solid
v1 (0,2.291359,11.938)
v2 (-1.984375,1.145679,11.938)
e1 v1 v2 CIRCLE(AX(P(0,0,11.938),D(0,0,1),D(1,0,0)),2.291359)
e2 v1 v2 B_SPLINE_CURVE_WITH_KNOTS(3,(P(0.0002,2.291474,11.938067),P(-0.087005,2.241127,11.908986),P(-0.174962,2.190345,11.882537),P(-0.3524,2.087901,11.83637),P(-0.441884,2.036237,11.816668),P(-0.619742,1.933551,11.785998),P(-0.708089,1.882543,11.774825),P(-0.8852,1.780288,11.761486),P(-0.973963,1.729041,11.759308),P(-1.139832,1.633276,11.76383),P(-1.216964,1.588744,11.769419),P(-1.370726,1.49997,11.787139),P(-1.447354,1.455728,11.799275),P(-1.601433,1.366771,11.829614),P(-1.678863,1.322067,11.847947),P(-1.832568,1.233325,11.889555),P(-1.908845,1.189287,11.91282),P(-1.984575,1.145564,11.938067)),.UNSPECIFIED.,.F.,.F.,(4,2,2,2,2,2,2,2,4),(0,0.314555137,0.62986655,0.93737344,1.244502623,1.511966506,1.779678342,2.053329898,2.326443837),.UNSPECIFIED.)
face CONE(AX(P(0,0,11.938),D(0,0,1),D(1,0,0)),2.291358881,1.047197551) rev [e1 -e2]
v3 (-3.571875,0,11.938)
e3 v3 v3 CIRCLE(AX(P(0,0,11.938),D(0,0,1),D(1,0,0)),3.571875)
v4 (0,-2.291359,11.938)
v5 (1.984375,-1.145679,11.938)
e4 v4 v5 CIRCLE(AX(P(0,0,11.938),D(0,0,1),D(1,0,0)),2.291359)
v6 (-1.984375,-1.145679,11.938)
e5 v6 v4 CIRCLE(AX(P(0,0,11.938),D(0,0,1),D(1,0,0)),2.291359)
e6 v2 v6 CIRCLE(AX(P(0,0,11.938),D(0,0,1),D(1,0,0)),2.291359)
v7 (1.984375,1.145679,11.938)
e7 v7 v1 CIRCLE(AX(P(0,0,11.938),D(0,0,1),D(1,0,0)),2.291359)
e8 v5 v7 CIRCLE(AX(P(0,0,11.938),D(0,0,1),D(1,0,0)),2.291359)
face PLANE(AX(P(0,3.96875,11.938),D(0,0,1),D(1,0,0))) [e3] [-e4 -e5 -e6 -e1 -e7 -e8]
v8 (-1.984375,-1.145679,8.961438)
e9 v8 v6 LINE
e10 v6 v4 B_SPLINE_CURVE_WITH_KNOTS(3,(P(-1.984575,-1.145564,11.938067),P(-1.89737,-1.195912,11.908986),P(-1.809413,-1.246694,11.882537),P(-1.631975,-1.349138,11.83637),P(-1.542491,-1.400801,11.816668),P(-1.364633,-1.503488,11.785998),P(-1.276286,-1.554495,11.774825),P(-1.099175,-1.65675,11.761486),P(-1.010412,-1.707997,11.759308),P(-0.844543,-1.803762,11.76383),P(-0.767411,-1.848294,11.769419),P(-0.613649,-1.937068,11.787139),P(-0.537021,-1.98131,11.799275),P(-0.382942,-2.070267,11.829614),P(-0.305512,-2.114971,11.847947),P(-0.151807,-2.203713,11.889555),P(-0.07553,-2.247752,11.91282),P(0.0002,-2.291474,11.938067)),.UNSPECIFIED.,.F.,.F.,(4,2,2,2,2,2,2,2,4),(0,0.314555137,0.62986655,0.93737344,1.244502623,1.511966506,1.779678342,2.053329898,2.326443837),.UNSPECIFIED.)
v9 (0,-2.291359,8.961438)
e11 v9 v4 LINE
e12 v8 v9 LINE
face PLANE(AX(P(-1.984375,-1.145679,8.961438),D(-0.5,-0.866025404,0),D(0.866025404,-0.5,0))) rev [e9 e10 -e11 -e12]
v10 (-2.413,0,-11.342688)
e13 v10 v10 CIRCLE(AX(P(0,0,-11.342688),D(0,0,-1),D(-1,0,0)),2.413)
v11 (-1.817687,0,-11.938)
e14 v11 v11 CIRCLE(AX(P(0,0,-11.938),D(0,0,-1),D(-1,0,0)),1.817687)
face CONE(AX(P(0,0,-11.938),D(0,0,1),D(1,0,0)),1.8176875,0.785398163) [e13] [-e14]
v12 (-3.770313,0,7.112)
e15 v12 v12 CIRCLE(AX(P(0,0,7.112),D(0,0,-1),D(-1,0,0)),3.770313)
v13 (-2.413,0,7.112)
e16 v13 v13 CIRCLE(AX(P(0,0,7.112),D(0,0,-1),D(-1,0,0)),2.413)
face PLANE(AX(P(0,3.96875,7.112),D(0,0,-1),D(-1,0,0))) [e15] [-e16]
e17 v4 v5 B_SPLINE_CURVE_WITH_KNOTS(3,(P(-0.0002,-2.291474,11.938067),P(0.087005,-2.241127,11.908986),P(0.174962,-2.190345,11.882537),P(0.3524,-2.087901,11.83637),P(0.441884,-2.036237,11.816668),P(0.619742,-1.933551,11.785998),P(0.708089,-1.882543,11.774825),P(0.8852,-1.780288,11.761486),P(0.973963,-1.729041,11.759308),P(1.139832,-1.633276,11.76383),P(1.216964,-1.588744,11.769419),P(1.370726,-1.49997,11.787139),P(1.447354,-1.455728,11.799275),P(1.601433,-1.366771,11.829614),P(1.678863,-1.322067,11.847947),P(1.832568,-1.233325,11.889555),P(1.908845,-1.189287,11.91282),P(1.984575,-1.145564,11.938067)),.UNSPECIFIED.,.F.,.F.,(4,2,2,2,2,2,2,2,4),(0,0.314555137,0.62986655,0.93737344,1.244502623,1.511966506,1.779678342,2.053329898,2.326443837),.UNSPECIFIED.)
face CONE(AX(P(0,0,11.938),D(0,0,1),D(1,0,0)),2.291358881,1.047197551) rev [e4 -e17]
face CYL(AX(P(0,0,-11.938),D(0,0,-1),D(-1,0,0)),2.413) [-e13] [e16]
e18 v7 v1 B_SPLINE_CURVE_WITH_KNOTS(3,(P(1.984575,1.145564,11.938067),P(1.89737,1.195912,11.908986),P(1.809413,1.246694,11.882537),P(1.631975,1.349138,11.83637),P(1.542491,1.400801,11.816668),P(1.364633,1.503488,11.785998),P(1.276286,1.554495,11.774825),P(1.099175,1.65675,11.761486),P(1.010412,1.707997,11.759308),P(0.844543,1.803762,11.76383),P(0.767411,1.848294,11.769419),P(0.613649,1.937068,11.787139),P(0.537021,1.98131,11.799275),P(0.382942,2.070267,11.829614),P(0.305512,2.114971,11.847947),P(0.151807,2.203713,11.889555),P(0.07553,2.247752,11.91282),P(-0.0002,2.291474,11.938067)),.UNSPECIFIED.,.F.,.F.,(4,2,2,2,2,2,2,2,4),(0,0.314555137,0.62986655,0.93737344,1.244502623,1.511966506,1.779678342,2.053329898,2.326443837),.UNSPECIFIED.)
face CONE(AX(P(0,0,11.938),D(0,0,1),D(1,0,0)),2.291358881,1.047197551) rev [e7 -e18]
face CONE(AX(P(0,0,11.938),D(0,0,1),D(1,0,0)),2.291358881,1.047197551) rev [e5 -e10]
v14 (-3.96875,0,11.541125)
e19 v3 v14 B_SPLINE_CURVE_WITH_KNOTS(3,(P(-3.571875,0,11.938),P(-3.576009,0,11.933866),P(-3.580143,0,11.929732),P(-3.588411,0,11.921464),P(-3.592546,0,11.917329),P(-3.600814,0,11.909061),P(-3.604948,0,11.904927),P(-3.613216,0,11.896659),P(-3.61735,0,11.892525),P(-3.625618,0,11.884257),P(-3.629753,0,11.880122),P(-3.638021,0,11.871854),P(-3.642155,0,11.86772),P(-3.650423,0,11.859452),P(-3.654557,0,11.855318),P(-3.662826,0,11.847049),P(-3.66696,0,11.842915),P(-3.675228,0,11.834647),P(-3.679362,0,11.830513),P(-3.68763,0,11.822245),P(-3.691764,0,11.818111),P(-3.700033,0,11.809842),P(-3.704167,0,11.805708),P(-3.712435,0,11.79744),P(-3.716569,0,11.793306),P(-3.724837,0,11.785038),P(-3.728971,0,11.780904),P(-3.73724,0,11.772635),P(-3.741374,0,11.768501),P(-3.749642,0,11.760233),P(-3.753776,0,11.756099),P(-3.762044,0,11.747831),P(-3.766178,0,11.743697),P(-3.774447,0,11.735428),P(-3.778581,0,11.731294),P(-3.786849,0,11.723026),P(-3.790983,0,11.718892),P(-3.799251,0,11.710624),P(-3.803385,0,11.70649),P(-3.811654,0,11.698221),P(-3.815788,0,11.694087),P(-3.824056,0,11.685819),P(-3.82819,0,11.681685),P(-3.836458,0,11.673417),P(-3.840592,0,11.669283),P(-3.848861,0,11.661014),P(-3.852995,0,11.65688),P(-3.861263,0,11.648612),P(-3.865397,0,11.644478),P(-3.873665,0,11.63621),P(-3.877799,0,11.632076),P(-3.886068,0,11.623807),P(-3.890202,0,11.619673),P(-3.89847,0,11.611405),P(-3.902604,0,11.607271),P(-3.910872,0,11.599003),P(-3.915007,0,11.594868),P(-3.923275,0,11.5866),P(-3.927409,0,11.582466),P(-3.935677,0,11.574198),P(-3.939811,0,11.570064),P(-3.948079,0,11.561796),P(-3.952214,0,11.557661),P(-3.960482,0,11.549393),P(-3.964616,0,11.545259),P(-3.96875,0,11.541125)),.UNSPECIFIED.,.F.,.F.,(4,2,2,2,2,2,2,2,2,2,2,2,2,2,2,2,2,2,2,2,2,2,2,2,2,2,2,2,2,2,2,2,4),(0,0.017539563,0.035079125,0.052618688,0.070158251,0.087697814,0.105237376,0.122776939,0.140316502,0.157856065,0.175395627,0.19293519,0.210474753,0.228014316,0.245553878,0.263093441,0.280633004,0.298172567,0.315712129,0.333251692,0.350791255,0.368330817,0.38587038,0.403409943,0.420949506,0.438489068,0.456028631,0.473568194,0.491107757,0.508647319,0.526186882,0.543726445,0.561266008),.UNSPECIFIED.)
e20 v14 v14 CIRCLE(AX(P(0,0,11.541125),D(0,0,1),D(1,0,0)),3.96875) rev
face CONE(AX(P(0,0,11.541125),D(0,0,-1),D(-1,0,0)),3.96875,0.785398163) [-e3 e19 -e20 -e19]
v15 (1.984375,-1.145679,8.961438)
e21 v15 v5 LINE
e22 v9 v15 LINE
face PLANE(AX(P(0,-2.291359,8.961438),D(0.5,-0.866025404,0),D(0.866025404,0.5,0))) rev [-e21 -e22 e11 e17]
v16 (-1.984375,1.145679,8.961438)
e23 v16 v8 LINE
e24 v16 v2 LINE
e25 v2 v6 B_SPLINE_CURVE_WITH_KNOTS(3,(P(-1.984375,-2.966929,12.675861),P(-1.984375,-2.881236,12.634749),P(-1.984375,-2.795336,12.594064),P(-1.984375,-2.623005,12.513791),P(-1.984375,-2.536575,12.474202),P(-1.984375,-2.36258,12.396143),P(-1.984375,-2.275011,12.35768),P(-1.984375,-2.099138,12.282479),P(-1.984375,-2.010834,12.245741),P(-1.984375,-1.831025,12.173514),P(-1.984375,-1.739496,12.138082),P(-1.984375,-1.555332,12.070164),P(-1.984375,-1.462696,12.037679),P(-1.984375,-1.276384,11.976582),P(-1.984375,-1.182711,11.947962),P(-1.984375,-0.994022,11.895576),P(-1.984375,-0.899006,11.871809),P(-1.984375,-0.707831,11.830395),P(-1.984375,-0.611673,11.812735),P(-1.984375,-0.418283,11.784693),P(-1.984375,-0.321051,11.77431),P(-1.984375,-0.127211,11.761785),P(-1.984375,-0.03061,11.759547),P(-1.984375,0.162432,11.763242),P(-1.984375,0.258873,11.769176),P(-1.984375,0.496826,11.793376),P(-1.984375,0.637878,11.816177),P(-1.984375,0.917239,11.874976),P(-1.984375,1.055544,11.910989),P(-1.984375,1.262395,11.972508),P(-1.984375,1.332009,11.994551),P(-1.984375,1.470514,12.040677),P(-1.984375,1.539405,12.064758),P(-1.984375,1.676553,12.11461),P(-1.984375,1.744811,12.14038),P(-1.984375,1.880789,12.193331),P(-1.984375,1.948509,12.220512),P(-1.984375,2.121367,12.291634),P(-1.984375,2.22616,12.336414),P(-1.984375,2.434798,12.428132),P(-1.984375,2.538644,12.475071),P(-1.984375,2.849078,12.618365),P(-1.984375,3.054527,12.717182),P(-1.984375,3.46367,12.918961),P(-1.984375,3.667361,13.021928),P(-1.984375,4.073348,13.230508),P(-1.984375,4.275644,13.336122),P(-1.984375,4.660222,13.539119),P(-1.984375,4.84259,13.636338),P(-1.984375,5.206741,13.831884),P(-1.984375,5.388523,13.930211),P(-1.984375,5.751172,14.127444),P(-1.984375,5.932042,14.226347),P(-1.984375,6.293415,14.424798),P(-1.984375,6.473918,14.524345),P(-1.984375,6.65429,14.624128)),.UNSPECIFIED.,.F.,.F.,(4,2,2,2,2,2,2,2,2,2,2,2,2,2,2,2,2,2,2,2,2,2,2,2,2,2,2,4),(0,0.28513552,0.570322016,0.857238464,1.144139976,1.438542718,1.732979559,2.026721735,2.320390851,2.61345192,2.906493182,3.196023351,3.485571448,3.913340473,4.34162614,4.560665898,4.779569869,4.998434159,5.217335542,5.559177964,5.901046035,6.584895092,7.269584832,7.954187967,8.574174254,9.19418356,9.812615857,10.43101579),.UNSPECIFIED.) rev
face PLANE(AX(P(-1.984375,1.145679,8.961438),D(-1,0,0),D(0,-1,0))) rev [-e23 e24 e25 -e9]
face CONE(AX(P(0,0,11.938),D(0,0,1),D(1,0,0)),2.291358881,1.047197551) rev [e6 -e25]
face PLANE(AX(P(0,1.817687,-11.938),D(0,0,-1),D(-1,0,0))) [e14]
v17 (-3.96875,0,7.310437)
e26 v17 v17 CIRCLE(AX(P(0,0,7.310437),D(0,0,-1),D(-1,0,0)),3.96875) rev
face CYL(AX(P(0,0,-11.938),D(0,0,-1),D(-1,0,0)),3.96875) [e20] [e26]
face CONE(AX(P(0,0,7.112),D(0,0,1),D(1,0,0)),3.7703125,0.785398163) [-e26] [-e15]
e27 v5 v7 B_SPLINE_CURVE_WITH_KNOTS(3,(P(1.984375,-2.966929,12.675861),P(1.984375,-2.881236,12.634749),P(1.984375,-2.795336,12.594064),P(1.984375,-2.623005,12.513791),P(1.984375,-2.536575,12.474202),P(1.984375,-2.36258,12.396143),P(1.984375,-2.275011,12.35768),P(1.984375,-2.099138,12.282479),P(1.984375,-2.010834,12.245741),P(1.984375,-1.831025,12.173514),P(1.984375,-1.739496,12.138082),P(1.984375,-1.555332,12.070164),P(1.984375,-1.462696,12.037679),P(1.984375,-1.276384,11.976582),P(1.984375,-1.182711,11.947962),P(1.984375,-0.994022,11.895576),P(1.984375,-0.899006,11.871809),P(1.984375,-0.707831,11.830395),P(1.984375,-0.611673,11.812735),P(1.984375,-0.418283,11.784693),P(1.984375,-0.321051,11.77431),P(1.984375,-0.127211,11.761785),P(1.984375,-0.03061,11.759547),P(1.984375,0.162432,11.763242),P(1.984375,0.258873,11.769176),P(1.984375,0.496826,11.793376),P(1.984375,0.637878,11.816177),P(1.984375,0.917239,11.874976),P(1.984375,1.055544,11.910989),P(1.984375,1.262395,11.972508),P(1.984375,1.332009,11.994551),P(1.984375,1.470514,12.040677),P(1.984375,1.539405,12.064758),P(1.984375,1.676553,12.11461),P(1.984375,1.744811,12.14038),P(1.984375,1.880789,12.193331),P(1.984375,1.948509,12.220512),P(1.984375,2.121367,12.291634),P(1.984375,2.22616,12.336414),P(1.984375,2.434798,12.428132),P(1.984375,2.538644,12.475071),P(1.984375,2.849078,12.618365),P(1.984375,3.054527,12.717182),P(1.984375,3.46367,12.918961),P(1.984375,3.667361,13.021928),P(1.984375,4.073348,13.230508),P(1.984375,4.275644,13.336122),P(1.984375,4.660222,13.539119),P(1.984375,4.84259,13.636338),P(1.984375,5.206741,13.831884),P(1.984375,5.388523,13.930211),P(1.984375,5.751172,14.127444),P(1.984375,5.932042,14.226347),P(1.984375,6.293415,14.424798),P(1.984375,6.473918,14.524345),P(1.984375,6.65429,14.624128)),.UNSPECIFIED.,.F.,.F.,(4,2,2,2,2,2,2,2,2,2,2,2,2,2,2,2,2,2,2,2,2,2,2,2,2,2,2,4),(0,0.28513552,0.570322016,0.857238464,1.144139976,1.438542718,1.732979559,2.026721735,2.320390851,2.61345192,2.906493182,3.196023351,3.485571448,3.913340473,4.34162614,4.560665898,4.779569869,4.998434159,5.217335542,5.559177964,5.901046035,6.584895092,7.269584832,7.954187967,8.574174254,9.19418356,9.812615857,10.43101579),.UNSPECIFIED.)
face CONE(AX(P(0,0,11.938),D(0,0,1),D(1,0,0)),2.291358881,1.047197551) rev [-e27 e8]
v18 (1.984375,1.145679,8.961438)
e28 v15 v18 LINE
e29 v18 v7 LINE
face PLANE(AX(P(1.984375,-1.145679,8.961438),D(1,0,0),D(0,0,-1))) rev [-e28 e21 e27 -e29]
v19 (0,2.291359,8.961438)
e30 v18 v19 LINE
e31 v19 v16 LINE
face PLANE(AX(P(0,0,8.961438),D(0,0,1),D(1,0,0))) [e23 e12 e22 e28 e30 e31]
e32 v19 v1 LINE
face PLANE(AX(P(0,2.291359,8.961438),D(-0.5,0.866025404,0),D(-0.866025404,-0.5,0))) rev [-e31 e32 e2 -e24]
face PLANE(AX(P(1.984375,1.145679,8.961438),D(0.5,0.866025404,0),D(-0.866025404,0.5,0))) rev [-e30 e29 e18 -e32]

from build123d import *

# Parameters (mm, degrees)
CUT_EXTRUDE1_DEPTH = 2.9765625
CHAMFER1_SIZE      = 0.396875
CHAMFER2_SIZE      = 0.1984375


with BuildPart() as part:
    # Sketch2 → Revolve1 (revolve)
    with BuildSketch(Plane(origin=(0, 0, 0), x_dir=(0, 0, -1), z_dir=(1, 0, 0))):
        Polygon((11.938, 1.8176875), (11.3426875, 2.413), (-7.112, 2.413), (-7.112, 3.96875), (-11.938, 3.96875), (-11.938, 0), (11.938, 0), align=None)
    revolve(axis=Axis((0, 0, -11.938), (0, 0, 1)))

    # Sketch4 → Cut-Extrude1 (cut)
    with BuildSketch(Plane.XY.offset(11.938)):
        Polygon((0, 2.291358881), (-1.984375, 1.14567944), (-1.984375, -1.14567944), (0, -2.291358881), (1.984375, -1.14567944), (1.984375, 1.14567944), align=None)
    extrude(amount=-CUT_EXTRUDE1_DEPTH, mode=Mode.SUBTRACT)

    # Cut-Extrude2 cone 1 section (through the dimple's axis) → Cut-Extrude2 (revolve, cut)
    with BuildSketch(Plane(origin=(0, 0, 11.938), x_dir=(0, -1, 0), z_dir=(1, 0, 0))):
        Polygon((0, 0), (2.291358881, 0), (0, 1.322916667), align=None)
    revolve(axis=Axis((0, 0, 11.938), (0, 0, -1)), mode=Mode.SUBTRACT)

    # Chamfer1
    chamfer1_edges = [part.edges().sort_by_distance(p)[0] for p in [
        (0, -3.96875, 11.938),
    ]]
    chamfer(chamfer1_edges, length=CHAMFER1_SIZE)

    # Chamfer2
    chamfer2_edges = [part.edges().sort_by_distance(p)[0] for p in [
        (0, -3.96875, 7.112),
    ]]
    chamfer(chamfer2_edges, length=CHAMFER2_SIZE)


solid = part.part
